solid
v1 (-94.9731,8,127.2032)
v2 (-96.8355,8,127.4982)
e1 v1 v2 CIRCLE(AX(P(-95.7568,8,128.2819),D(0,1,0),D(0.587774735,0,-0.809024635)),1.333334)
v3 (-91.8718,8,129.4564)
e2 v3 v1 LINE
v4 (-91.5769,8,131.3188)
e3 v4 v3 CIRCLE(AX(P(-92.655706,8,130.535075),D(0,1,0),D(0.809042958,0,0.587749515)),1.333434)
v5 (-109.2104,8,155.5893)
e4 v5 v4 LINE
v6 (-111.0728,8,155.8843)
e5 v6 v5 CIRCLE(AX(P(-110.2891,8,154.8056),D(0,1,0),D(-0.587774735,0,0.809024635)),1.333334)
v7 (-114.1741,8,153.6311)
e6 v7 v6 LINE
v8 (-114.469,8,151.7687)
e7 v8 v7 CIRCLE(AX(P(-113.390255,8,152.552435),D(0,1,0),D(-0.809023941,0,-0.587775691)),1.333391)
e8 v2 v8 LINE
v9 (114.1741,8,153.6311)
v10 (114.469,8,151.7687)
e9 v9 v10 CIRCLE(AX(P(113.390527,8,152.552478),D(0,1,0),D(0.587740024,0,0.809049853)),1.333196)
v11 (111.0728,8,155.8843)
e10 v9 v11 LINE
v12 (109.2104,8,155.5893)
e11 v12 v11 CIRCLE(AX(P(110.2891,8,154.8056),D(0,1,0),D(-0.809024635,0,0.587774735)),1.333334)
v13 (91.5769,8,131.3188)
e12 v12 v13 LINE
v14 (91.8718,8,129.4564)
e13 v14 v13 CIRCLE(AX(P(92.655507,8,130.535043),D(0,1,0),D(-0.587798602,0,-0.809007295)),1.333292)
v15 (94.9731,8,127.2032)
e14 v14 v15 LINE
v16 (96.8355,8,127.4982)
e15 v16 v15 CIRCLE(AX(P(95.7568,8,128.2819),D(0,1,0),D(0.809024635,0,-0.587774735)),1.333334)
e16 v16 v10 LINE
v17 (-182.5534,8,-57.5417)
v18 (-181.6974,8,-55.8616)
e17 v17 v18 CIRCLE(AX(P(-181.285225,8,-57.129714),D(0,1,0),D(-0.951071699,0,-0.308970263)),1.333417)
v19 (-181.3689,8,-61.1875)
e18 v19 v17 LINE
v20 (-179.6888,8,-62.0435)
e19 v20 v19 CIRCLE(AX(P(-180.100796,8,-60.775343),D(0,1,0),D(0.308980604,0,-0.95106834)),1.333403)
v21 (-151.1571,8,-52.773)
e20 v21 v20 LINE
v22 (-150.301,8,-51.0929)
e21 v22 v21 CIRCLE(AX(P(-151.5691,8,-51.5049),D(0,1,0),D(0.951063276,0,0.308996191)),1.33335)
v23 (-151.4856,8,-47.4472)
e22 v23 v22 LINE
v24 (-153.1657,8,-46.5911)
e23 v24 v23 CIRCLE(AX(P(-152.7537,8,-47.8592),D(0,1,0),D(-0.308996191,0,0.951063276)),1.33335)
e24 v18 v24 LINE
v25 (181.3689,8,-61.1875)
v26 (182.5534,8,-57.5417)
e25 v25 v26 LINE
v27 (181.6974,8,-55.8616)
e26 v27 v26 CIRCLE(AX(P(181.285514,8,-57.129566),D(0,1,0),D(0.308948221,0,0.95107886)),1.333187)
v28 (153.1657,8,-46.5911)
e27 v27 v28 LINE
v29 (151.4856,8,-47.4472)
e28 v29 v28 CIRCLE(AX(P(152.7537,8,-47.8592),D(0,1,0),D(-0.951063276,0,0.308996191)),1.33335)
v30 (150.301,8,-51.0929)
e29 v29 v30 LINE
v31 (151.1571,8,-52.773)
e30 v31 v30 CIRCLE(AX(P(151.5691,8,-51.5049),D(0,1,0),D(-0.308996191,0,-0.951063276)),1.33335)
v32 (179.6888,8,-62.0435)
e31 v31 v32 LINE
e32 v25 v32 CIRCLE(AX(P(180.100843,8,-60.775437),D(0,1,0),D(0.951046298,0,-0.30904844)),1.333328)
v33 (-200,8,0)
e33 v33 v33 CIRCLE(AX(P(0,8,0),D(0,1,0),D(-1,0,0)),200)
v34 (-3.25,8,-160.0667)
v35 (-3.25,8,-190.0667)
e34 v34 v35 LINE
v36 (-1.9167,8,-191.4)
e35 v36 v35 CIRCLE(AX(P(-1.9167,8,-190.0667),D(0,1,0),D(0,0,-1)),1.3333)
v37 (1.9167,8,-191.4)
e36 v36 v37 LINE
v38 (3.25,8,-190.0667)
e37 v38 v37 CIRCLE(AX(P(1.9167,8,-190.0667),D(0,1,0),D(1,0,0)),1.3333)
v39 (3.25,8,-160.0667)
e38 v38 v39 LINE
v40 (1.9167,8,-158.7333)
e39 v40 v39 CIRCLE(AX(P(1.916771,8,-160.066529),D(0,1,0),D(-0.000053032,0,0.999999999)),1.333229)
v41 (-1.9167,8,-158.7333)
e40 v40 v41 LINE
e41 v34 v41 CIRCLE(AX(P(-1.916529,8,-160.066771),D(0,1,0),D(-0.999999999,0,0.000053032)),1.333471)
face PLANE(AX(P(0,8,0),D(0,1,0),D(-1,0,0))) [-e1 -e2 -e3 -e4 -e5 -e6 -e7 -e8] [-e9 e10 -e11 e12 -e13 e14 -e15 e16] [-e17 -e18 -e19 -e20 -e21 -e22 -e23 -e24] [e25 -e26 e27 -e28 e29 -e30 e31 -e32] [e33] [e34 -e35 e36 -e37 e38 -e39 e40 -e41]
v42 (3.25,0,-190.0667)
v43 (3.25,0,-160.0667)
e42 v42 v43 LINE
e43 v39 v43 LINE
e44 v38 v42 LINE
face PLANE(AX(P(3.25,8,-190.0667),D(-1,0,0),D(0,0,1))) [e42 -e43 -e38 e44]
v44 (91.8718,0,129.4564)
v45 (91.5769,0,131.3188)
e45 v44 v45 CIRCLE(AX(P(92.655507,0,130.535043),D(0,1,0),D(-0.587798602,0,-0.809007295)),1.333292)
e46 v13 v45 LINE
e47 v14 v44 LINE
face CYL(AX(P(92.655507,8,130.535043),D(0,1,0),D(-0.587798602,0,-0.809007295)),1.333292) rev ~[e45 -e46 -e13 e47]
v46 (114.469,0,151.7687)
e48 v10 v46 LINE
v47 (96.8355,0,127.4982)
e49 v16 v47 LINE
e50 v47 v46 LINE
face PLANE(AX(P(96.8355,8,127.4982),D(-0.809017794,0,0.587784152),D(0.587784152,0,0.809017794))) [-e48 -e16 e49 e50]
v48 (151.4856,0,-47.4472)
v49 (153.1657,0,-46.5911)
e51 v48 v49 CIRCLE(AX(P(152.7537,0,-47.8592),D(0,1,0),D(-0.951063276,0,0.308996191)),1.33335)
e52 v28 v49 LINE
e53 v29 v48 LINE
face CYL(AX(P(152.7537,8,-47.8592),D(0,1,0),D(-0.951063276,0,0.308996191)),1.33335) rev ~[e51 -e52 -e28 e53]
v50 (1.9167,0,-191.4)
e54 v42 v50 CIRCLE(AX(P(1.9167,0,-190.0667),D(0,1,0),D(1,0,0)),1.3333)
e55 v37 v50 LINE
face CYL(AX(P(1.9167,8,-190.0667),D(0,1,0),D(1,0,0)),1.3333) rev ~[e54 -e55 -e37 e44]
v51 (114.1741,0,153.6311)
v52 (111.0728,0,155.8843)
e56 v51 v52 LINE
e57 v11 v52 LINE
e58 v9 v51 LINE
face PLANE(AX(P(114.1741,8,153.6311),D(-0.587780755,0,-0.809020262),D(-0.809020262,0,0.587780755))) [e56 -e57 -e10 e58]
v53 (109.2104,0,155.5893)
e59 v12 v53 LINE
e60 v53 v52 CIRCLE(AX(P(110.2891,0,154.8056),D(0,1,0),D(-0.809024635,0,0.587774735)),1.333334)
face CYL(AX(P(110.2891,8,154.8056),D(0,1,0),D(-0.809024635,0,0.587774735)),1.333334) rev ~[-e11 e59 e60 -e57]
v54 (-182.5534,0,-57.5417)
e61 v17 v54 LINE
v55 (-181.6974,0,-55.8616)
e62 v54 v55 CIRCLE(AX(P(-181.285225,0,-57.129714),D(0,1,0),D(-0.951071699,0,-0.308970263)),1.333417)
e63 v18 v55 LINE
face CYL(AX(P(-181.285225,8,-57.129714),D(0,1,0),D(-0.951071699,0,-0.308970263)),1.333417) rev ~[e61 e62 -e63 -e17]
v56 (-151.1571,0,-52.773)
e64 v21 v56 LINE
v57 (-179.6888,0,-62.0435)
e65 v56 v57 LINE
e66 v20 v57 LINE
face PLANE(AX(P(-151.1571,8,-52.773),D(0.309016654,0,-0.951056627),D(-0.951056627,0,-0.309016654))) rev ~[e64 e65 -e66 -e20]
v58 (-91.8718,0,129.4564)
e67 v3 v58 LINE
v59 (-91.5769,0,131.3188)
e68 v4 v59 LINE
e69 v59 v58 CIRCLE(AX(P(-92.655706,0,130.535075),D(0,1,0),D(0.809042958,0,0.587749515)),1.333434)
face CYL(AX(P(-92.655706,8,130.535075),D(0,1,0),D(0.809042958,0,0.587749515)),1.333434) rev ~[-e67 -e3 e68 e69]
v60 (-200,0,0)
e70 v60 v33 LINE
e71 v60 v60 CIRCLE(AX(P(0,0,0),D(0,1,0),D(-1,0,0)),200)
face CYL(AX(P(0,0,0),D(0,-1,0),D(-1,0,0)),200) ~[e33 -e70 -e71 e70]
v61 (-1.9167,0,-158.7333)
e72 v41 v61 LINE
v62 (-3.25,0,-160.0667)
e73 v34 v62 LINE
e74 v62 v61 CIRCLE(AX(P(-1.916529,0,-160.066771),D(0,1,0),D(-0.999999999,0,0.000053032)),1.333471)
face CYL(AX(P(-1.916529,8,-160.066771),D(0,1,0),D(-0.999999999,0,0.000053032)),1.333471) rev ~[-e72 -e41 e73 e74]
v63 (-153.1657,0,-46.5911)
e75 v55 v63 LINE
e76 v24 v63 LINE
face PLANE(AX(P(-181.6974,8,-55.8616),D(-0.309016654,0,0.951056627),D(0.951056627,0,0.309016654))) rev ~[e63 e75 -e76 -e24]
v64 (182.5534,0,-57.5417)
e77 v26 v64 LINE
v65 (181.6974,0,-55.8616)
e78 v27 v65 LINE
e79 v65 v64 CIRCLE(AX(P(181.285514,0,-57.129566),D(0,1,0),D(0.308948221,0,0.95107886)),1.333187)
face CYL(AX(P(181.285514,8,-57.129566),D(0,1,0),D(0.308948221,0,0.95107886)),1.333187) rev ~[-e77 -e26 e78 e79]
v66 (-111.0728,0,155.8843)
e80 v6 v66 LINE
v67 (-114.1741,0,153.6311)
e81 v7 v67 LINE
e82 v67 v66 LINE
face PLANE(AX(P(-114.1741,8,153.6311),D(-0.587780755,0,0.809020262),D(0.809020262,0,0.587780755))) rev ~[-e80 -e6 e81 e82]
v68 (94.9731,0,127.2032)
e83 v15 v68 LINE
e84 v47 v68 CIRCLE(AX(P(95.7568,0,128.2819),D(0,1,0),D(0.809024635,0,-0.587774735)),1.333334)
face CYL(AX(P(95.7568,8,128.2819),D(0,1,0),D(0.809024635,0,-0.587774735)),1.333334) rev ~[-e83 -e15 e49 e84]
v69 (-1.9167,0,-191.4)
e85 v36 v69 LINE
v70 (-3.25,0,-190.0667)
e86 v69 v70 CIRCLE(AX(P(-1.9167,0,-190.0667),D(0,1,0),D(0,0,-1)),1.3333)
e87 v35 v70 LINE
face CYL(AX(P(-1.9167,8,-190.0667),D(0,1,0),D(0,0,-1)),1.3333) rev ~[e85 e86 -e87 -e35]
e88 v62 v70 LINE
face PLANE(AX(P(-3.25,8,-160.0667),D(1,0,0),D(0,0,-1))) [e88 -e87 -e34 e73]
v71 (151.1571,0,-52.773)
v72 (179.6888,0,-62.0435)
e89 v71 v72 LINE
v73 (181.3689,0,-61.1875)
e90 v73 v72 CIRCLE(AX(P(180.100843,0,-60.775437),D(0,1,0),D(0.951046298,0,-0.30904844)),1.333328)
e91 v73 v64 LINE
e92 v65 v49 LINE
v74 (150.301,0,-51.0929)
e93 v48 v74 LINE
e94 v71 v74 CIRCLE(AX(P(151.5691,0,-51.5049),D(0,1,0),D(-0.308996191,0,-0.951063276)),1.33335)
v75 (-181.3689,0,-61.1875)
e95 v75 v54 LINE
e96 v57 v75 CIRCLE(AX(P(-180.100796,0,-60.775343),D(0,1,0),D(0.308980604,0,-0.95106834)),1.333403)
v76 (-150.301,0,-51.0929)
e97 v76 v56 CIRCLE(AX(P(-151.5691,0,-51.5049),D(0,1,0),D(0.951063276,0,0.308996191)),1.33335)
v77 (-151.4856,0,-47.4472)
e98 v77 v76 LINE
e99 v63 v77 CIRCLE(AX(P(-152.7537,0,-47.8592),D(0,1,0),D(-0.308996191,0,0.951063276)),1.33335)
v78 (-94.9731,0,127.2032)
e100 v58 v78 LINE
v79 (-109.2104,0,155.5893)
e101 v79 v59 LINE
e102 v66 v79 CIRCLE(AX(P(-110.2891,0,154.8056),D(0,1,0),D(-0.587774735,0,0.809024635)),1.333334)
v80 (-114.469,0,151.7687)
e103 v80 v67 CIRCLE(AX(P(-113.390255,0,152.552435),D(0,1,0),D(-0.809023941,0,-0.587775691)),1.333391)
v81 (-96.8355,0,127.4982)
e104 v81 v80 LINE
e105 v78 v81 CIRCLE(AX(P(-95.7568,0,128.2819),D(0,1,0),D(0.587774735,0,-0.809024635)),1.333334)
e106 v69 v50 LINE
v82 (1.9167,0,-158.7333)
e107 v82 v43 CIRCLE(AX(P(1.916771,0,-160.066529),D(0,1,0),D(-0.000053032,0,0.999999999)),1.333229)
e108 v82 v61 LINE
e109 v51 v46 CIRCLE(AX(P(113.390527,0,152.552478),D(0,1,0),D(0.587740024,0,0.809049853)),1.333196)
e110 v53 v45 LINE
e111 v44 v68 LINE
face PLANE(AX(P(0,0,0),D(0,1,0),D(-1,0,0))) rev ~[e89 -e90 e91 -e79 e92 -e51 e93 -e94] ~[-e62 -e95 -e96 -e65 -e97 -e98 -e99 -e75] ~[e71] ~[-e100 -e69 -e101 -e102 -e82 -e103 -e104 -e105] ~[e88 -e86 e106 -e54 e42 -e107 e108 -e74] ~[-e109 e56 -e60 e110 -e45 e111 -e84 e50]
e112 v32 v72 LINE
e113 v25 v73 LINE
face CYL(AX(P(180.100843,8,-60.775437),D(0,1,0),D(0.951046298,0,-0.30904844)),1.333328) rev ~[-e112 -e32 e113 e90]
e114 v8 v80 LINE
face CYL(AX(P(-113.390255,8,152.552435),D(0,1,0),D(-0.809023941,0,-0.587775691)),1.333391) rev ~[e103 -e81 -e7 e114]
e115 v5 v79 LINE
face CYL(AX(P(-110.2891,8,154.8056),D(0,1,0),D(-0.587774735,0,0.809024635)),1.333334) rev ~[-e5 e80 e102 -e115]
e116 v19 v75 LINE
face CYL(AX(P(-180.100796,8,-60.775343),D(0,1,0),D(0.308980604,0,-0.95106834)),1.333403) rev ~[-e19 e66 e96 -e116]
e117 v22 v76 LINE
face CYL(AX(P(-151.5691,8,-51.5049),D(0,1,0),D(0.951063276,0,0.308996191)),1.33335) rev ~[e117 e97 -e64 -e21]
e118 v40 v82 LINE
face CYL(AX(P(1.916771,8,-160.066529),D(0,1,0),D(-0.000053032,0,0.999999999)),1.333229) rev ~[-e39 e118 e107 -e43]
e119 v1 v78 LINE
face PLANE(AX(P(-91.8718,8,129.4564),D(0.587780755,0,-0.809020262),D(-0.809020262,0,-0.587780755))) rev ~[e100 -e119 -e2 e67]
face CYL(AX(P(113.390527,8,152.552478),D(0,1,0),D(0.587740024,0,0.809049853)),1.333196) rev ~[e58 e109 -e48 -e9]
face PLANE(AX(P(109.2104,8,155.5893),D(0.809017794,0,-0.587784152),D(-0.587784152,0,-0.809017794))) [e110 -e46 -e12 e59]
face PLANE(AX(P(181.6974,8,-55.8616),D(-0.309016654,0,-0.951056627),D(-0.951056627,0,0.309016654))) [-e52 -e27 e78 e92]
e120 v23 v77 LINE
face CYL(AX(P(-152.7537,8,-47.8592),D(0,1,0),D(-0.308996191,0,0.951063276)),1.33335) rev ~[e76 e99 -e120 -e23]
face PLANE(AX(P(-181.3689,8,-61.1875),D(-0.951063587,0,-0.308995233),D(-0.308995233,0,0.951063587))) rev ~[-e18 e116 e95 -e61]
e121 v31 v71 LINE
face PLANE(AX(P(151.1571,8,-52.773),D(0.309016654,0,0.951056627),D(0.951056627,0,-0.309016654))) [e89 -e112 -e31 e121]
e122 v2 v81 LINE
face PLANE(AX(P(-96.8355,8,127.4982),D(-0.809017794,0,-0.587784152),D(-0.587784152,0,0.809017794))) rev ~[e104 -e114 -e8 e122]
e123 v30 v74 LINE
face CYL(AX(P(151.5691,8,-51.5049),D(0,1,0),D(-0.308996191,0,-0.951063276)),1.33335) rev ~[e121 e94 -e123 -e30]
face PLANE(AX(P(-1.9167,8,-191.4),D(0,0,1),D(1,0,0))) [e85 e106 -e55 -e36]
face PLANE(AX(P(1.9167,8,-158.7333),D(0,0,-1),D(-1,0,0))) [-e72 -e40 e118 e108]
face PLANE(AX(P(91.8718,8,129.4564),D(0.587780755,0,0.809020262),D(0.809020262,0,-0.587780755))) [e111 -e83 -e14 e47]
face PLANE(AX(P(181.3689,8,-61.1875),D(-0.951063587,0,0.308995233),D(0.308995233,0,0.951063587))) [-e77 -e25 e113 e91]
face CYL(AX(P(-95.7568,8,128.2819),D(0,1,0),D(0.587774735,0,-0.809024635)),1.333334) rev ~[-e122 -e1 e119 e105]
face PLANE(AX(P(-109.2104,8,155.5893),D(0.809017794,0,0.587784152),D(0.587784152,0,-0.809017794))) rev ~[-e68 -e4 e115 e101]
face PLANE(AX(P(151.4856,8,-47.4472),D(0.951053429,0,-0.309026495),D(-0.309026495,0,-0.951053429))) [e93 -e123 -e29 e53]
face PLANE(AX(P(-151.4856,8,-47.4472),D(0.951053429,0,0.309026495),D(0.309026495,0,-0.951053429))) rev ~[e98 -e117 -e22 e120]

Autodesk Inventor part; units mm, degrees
ref_plane "YZ Plane" through (0, 0, 0) normal (1, 0, 0) x (0, 1, 0)
ref_plane "XZ Plane" through (0, 0, 0) normal (0, 1, 0) x (-1, 0, 0)
ref_plane "XY Plane" through (0, 0, 0) normal (0, 0, 1) x (1, 0, 0)
sketch "Sketch1" plane through (0, 0, 0) normal (0, 1, 0) x (-1, 0, 0)
  circle A0 centre (0, 0) radius 200
  dimension "d0" = 400
extrude "Extrusion1" add sketch "Sketch1" along normal blind 8
sketch "Sketch2" plane through (0, 8, 0) normal (0, 1, 0) x (1, 0, 0)
  line L0 (-1.9167, 191.4) -> (1.9167, 191.4)
  line L1 (3.25, 190.0667) -> (3.25, 160.0667)
  line L2 (1.9167, 158.7333) -> (-1.9167, 158.7333)
  line L3 (-3.25, 160.0667) -> (-3.25, 190.0667)
  circle A0 centre (0, 0) radius 200 projected
  arc A1 (-1.9167, 191.4) -> (-3.25, 190.0667) centre (-1.9167, 190.0667) ccw
  arc A2 (3.25, 190.0667) -> (1.9167, 191.4) centre (1.9167, 190.0667) ccw
  arc A3 (1.9167, 158.7333) -> (3.25, 160.0667) centre (1.9167, 160.0667) ccw
  arc A4 (-3.25, 160.0667) -> (-1.9167, 158.7333) centre (-1.9167, 160.0667) ccw
  line L4 (114.1741, -153.6311) -> (111.0728, -155.8843)
  line L5 (109.2104, -155.5893) -> (91.5769, -131.3188)
  line L6 (91.8718, -129.4564) -> (94.9731, -127.2032)
  line L7 (96.8355, -127.4982) -> (114.469, -151.7687)
  arc A5 (114.1741, -153.6311) -> (114.469, -151.7687) centre (113.3904, -152.5524) ccw
  arc A6 (109.2104, -155.5893) -> (111.0728, -155.8843) centre (110.2891, -154.8056) ccw
  arc A7 (91.8718, -129.4564) -> (91.5769, -131.3188) centre (92.6556, -130.5351) ccw
  arc A8 (96.8355, -127.4982) -> (94.9731, -127.2032) centre (95.7568, -128.2819) ccw
  line L8 (181.3689, 61.1875) -> (182.5534, 57.5417)
  line L9 (181.6974, 55.8616) -> (153.1657, 46.5911)
  line L10 (151.4856, 47.4472) -> (150.301, 51.0929)
  line L11 (151.1571, 52.773) -> (179.6888, 62.0435)
  arc A9 (181.3689, 61.1875) -> (179.6888, 62.0435) centre (180.1008, 60.7754) ccw
  arc A10 (181.6974, 55.8616) -> (182.5534, 57.5417) centre (181.2854, 57.1297) ccw
  arc A11 (151.4856, 47.4472) -> (153.1657, 46.5911) centre (152.7537, 47.8592) ccw
  arc A12 (151.1571, 52.773) -> (150.301, 51.0929) centre (151.5691, 51.5049) ccw
  line L12 (-114.1741, -153.6311) -> (-111.0728, -155.8843)
  line L13 (-109.2104, -155.5893) -> (-91.5769, -131.3188)
  line L14 (-91.8718, -129.4564) -> (-94.9731, -127.2032)
  line L15 (-96.8355, -127.4982) -> (-114.469, -151.7687)
  arc A13 (-114.469, -151.7687) -> (-114.1741, -153.6311) centre (-113.3904, -152.5524) ccw
  arc A14 (-111.0728, -155.8843) -> (-109.2104, -155.5893) centre (-110.2891, -154.8056) ccw
  arc A15 (-91.5769, -131.3188) -> (-91.8718, -129.4564) centre (-92.6556, -130.5351) ccw
  arc A16 (-94.9731, -127.2032) -> (-96.8355, -127.4982) centre (-95.7568, -128.2819) ccw
  line L16 (-181.3689, 61.1875) -> (-182.5534, 57.5417)
  line L17 (-181.6974, 55.8616) -> (-153.1657, 46.5911)
  line L18 (-151.4856, 47.4472) -> (-150.301, 51.0929)
  line L19 (-151.1571, 52.773) -> (-179.6888, 62.0435)
  arc A17 (-179.6888, 62.0435) -> (-181.3689, 61.1875) centre (-180.1008, 60.7754) ccw
  arc A18 (-182.5534, 57.5417) -> (-181.6974, 55.8616) centre (-181.2854, 57.1297) ccw
  arc A19 (-153.1657, 46.5911) -> (-151.4856, 47.4472) centre (-152.7537, 47.8592) ccw
  arc A20 (-150.301, 51.0929) -> (-151.1571, 52.773) centre (-151.5691, 51.5049) ccw
  dimension "d3" = 191.4
  dimension "d4" = 6.5
  dimension "d6" = 1.3333
  dimension "d7" = 30
extrude "Extrusion2" cut sketch "Sketch2" against normal through all contours L0 A2 L1 A3 L2 A4 L3 A1 | L4 A6 L5 A7 L6 A8 L7 A5 | L8 A10 L9 A11 L10 A12 L11 A9 | A13 L15 A16 L14 A15 L13 A14 L12 | A17 L19 A20 L18 A19 L17 A18 L16
equation "\"BendRadius\" = Thickness"
equation "\"BendReliefWidth\" = Thickness"
equation "\"BendReliefDepth\" = 0.5 * Thickness"
equation "\"CornerReliefSize\" = 4 * Thickness"
equation "\"MinimumRemnant\" = 2 * Thickness"
equation "\"TransitionRadius\" = BendRadius"
equation "\"JacobiRadiusSize\" = BendRadius"
equation "\"GapSize\" = Thickness"
equation "\"Thickness\" = 0.5"
properties part number "fINAL Roof - G" material "Wood (Maple)"
